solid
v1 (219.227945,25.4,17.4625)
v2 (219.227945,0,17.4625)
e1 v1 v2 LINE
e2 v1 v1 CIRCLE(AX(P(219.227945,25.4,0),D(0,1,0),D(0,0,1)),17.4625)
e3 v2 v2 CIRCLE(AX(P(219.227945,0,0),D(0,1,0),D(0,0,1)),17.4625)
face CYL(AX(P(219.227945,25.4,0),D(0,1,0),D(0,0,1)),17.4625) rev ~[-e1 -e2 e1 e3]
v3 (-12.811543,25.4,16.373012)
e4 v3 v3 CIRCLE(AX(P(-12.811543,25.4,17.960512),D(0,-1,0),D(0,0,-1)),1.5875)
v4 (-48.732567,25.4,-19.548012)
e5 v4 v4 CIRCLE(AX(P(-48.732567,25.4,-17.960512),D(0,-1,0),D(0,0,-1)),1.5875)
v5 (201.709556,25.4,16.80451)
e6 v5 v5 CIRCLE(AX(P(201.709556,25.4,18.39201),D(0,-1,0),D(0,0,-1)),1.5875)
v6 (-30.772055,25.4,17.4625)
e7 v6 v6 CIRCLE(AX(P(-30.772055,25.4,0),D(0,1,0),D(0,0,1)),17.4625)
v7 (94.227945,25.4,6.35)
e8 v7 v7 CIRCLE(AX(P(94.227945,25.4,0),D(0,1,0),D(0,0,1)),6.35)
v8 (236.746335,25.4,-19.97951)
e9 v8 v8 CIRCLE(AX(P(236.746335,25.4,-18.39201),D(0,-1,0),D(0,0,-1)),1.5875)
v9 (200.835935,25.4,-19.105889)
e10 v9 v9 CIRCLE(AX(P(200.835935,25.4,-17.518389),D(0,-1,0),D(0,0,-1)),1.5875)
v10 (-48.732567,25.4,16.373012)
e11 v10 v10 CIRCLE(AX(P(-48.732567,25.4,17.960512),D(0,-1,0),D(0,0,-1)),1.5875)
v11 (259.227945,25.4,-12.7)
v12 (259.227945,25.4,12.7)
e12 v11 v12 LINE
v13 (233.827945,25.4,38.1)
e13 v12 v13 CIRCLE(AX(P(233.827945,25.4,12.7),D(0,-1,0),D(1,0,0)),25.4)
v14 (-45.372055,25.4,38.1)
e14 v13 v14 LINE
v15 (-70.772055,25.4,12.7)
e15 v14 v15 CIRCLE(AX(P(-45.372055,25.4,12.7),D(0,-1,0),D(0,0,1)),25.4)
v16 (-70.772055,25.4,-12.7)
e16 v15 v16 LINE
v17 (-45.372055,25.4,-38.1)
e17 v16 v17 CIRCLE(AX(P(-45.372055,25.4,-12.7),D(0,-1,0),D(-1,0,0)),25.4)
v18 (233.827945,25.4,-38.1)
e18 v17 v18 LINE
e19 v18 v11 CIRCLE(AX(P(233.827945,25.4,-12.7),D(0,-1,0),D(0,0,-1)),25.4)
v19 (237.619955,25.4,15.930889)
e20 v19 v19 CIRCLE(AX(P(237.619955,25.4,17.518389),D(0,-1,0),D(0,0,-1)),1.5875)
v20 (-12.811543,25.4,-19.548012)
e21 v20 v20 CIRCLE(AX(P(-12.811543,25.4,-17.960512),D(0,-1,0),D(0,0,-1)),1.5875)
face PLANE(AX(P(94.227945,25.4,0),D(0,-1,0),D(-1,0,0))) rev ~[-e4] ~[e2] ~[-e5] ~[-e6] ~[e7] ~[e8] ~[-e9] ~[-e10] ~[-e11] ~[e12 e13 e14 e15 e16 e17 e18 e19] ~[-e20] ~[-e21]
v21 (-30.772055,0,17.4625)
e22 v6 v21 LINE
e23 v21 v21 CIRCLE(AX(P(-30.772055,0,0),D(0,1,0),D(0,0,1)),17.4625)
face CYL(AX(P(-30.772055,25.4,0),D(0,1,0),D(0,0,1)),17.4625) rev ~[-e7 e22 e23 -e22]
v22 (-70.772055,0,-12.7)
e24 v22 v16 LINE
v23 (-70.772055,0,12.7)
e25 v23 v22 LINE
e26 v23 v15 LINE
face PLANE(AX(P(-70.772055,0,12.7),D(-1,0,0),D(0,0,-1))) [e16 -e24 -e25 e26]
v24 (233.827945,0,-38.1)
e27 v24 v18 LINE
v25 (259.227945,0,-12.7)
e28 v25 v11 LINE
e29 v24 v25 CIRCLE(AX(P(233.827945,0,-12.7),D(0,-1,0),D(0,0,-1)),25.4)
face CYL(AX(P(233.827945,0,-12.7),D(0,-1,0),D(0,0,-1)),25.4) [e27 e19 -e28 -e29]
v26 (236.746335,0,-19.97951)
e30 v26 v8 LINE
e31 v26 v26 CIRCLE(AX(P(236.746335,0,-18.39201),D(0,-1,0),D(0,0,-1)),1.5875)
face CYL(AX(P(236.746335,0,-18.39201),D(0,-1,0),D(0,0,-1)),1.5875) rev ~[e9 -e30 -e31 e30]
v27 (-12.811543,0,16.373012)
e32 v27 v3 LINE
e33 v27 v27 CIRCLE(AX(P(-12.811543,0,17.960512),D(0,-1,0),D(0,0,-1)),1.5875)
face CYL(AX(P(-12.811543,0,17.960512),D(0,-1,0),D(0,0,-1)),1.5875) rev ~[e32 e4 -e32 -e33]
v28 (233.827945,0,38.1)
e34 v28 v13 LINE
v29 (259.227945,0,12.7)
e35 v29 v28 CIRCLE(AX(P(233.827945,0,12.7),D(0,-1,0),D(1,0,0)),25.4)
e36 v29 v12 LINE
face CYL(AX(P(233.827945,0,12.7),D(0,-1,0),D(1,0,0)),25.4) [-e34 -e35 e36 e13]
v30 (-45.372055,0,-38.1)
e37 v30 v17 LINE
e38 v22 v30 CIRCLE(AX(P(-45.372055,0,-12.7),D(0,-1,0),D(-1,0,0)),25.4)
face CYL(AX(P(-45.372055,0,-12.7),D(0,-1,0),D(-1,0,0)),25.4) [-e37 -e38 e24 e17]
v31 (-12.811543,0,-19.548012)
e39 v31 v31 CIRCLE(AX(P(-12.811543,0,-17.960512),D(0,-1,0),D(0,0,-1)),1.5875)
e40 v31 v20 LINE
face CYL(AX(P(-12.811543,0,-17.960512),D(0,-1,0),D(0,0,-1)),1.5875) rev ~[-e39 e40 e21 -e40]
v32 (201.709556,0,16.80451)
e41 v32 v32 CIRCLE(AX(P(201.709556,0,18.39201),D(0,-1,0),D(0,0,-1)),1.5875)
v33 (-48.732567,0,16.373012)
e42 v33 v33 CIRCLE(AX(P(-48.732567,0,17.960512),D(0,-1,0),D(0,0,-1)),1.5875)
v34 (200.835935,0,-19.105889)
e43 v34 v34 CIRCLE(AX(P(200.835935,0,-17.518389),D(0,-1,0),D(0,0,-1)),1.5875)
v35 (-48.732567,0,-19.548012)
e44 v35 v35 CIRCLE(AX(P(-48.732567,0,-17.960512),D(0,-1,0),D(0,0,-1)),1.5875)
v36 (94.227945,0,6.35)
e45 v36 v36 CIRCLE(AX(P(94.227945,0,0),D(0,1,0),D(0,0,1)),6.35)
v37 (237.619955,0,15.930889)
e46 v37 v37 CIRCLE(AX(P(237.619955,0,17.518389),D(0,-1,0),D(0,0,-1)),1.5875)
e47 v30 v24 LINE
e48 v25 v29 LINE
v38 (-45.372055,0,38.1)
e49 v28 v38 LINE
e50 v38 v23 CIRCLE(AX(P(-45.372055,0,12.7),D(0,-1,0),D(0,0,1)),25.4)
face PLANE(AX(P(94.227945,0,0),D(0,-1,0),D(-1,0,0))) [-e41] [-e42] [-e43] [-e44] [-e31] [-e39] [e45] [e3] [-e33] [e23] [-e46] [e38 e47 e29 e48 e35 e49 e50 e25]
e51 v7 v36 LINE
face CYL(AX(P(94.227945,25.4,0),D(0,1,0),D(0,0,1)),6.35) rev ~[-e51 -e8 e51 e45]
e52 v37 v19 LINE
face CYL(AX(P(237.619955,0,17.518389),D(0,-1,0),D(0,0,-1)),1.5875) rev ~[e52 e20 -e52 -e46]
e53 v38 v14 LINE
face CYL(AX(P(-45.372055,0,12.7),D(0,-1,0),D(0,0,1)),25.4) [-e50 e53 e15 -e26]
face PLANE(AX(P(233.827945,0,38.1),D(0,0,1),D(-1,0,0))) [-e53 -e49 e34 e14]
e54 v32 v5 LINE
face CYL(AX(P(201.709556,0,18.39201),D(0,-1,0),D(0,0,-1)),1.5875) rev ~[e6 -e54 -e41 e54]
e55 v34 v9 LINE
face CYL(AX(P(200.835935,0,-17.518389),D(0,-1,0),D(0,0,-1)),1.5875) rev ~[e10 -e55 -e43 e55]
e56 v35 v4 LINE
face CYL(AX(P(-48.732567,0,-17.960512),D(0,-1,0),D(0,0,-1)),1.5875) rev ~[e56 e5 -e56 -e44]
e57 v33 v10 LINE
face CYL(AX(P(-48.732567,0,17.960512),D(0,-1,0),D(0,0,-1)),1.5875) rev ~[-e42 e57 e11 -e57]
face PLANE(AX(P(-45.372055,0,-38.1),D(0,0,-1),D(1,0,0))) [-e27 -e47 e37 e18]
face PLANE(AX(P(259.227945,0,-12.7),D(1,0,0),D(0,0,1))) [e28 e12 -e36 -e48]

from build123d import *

# Parameters (mm, degrees)
BOSS_EXTRUDE1_DEPTH = 25.4
CUT_EXTRUDE1_REACH  = 265.241
SKETCH5_R           = 6.35
SKETCH5_R_2         = 17.4625
CUT_EXTRUDE2_REACH  = 265.241
SKETCH6_R           = 1.5875


with BuildPart() as part:
    # Sketch4 → Boss-Extrude1 (new body)
    with BuildSketch(Plane(origin=(0, 0, 0), x_dir=(1, 0, 0), z_dir=(0, 1, 0))):
        with BuildLine():
            Line((233.827945205, -38.1), (-45.372054795, -38.1))
            ThreePointArc((-45.372054795, -38.1), (-63.332567037, -30.660512242), (-70.772054795, -12.7))
            Line((-70.772054795, -12.7), (-70.772054795, 12.7))
            ThreePointArc((-70.772054795, 12.7), (-63.332567037, 30.660512242), (-45.372054795, 38.1))
            Line((-45.372054795, 38.1), (233.827945205, 38.1))
            ThreePointArc((233.827945205, 38.1), (251.788457448, 30.660512242), (259.227945205, 12.7))
            Line((259.227945205, 12.7), (259.227945205, -12.7))
            ThreePointArc((259.227945205, -12.7), (251.788457448, -30.660512242), (233.827945205, -38.1))
        make_face()
    extrude(amount=BOSS_EXTRUDE1_DEPTH)

    # Sketch5 → Cut-Extrude1 (cut, up to next)
    with BuildSketch(Plane(origin=(0, 25.4, 0), x_dir=(1, 0, 0), z_dir=(0, 1, 0)), mode=Mode.PRIVATE) as cut_extrude1_sk1:
        with Locations(Location((94.227945205, 0, 0), (0, 0, 270))):
            Circle(SKETCH5_R)
    cut_extrude1_tool1 = extrude(cut_extrude1_sk1.sketch, amount=-CUT_EXTRUDE1_REACH, mode=Mode.PRIVATE) & part.part
    # Sketch5 → Cut-Extrude1 (cut, up to next)
    with BuildSketch(Plane(origin=(0, 25.4, 0), x_dir=(1, 0, 0), z_dir=(0, 1, 0)), mode=Mode.PRIVATE) as cut_extrude1_sk2:
        with Locations(Location((-30.772054795, 0, 0), (0, 0, 270))):
            Circle(SKETCH5_R_2)
    cut_extrude1_tool2 = extrude(cut_extrude1_sk2.sketch, amount=-CUT_EXTRUDE1_REACH, mode=Mode.PRIVATE) & part.part
    # Sketch5 → Cut-Extrude1 (cut, up to next)
    with BuildSketch(Plane(origin=(0, 25.4, 0), x_dir=(1, 0, 0), z_dir=(0, 1, 0)), mode=Mode.PRIVATE) as cut_extrude1_sk3:
        with Locations(Location((219.227945205, 0, 0), (0, 0, 270))):
            Circle(SKETCH5_R_2)
    cut_extrude1_tool3 = extrude(cut_extrude1_sk3.sketch, amount=-CUT_EXTRUDE1_REACH, mode=Mode.PRIVATE) & part.part
    add(cut_extrude1_tool1.solids().sort_by_distance((94.227945, 25.4, 0))[0], mode=Mode.SUBTRACT)
    add(cut_extrude1_tool2.solids().sort_by_distance((-30.772055, 25.4, 0))[0], mode=Mode.SUBTRACT)
    add(cut_extrude1_tool3.solids().sort_by_distance((219.227945, 25.4, 0))[0], mode=Mode.SUBTRACT)

    # Sketch6 → Cut-Extrude2 (cut, up to next)
    with BuildSketch(Plane.XZ, mode=Mode.PRIVATE) as cut_extrude2_sk1:
        with Locations(Location((201.709555727, 18.392009952, 0), (0, 0, 270))):
            Circle(SKETCH6_R)
    cut_extrude2_tool1 = extrude(cut_extrude2_sk1.sketch, amount=-CUT_EXTRUDE2_REACH, mode=Mode.PRIVATE) & part.part
    # Sketch6 → Cut-Extrude2 (cut, up to next)
    with BuildSketch(Plane.XZ, mode=Mode.PRIVATE) as cut_extrude2_sk2:
        with Locations(Location((237.619955157, 17.518389479, 0), (0, 0, 270))):
            Circle(SKETCH6_R)
    cut_extrude2_tool2 = extrude(cut_extrude2_sk2.sketch, amount=-CUT_EXTRUDE2_REACH, mode=Mode.PRIVATE) & part.part
    # Sketch6 → Cut-Extrude2 (cut, up to next)
    with BuildSketch(Plane.XZ, mode=Mode.PRIVATE) as cut_extrude2_sk3:
        with Locations(Location((236.746334684, -18.392009952, 0), (0, 0, 270))):
            Circle(SKETCH6_R)
    cut_extrude2_tool3 = extrude(cut_extrude2_sk3.sketch, amount=-CUT_EXTRUDE2_REACH, mode=Mode.PRIVATE) & part.part
    # Sketch6 → Cut-Extrude2 (cut, up to next)
    with BuildSketch(Plane.XZ, mode=Mode.PRIVATE) as cut_extrude2_sk4:
        with Locations(Location((200.835935254, -17.518389479, 0), (0, 0, 270))):
            Circle(SKETCH6_R)
    cut_extrude2_tool4 = extrude(cut_extrude2_sk4.sketch, amount=-CUT_EXTRUDE2_REACH, mode=Mode.PRIVATE) & part.part
    # Sketch6 → Cut-Extrude2 (cut, up to next)
    with BuildSketch(Plane.XZ, mode=Mode.PRIVATE) as cut_extrude2_sk5:
        with Locations(Location((-48.732567037, 17.960512242, 0), (0, 0, 270))):
            Circle(SKETCH6_R)
    cut_extrude2_tool5 = extrude(cut_extrude2_sk5.sketch, amount=-CUT_EXTRUDE2_REACH, mode=Mode.PRIVATE) & part.part
    # Sketch6 → Cut-Extrude2 (cut, up to next)
    with BuildSketch(Plane.XZ, mode=Mode.PRIVATE) as cut_extrude2_sk6:
        with Locations(Location((-12.811542552, 17.960512242, 0), (0, 0, 270))):
            Circle(SKETCH6_R)
    cut_extrude2_tool6 = extrude(cut_extrude2_sk6.sketch, amount=-CUT_EXTRUDE2_REACH, mode=Mode.PRIVATE) & part.part
    # Sketch6 → Cut-Extrude2 (cut, up to next)
    with BuildSketch(Plane.XZ, mode=Mode.PRIVATE) as cut_extrude2_sk7:
        with Locations(Location((-12.811542552, -17.960512242, 0), (0, 0, 270))):
            Circle(SKETCH6_R)
    cut_extrude2_tool7 = extrude(cut_extrude2_sk7.sketch, amount=-CUT_EXTRUDE2_REACH, mode=Mode.PRIVATE) & part.part
    # Sketch6 → Cut-Extrude2 (cut, up to next)
    with BuildSketch(Plane.XZ, mode=Mode.PRIVATE) as cut_extrude2_sk8:
        with Locations(Location((-48.732567037, -17.960512242, 0), (0, 0, 270))):
            Circle(SKETCH6_R)
    cut_extrude2_tool8 = extrude(cut_extrude2_sk8.sketch, amount=-CUT_EXTRUDE2_REACH, mode=Mode.PRIVATE) & part.part
    add(cut_extrude2_tool1.solids().sort_by_distance((201.709556, 0, 18.39201))[0], mode=Mode.SUBTRACT)
    add(cut_extrude2_tool2.solids().sort_by_distance((237.619955, 0, 17.518389))[0], mode=Mode.SUBTRACT)
    add(cut_extrude2_tool3.solids().sort_by_distance((236.746335, 0, -18.39201))[0], mode=Mode.SUBTRACT)
    add(cut_extrude2_tool4.solids().sort_by_distance((200.835935, 0, -17.518389))[0], mode=Mode.SUBTRACT)
    add(cut_extrude2_tool5.solids().sort_by_distance((-48.732567, 0, 17.960512))[0], mode=Mode.SUBTRACT)
    add(cut_extrude2_tool6.solids().sort_by_distance((-12.811543, 0, 17.960512))[0], mode=Mode.SUBTRACT)
    add(cut_extrude2_tool7.solids().sort_by_distance((-12.811543, 0, -17.960512))[0], mode=Mode.SUBTRACT)
    add(cut_extrude2_tool8.solids().sort_by_distance((-48.732567, 0, -17.960512))[0], mode=Mode.SUBTRACT)


solid = part.part
